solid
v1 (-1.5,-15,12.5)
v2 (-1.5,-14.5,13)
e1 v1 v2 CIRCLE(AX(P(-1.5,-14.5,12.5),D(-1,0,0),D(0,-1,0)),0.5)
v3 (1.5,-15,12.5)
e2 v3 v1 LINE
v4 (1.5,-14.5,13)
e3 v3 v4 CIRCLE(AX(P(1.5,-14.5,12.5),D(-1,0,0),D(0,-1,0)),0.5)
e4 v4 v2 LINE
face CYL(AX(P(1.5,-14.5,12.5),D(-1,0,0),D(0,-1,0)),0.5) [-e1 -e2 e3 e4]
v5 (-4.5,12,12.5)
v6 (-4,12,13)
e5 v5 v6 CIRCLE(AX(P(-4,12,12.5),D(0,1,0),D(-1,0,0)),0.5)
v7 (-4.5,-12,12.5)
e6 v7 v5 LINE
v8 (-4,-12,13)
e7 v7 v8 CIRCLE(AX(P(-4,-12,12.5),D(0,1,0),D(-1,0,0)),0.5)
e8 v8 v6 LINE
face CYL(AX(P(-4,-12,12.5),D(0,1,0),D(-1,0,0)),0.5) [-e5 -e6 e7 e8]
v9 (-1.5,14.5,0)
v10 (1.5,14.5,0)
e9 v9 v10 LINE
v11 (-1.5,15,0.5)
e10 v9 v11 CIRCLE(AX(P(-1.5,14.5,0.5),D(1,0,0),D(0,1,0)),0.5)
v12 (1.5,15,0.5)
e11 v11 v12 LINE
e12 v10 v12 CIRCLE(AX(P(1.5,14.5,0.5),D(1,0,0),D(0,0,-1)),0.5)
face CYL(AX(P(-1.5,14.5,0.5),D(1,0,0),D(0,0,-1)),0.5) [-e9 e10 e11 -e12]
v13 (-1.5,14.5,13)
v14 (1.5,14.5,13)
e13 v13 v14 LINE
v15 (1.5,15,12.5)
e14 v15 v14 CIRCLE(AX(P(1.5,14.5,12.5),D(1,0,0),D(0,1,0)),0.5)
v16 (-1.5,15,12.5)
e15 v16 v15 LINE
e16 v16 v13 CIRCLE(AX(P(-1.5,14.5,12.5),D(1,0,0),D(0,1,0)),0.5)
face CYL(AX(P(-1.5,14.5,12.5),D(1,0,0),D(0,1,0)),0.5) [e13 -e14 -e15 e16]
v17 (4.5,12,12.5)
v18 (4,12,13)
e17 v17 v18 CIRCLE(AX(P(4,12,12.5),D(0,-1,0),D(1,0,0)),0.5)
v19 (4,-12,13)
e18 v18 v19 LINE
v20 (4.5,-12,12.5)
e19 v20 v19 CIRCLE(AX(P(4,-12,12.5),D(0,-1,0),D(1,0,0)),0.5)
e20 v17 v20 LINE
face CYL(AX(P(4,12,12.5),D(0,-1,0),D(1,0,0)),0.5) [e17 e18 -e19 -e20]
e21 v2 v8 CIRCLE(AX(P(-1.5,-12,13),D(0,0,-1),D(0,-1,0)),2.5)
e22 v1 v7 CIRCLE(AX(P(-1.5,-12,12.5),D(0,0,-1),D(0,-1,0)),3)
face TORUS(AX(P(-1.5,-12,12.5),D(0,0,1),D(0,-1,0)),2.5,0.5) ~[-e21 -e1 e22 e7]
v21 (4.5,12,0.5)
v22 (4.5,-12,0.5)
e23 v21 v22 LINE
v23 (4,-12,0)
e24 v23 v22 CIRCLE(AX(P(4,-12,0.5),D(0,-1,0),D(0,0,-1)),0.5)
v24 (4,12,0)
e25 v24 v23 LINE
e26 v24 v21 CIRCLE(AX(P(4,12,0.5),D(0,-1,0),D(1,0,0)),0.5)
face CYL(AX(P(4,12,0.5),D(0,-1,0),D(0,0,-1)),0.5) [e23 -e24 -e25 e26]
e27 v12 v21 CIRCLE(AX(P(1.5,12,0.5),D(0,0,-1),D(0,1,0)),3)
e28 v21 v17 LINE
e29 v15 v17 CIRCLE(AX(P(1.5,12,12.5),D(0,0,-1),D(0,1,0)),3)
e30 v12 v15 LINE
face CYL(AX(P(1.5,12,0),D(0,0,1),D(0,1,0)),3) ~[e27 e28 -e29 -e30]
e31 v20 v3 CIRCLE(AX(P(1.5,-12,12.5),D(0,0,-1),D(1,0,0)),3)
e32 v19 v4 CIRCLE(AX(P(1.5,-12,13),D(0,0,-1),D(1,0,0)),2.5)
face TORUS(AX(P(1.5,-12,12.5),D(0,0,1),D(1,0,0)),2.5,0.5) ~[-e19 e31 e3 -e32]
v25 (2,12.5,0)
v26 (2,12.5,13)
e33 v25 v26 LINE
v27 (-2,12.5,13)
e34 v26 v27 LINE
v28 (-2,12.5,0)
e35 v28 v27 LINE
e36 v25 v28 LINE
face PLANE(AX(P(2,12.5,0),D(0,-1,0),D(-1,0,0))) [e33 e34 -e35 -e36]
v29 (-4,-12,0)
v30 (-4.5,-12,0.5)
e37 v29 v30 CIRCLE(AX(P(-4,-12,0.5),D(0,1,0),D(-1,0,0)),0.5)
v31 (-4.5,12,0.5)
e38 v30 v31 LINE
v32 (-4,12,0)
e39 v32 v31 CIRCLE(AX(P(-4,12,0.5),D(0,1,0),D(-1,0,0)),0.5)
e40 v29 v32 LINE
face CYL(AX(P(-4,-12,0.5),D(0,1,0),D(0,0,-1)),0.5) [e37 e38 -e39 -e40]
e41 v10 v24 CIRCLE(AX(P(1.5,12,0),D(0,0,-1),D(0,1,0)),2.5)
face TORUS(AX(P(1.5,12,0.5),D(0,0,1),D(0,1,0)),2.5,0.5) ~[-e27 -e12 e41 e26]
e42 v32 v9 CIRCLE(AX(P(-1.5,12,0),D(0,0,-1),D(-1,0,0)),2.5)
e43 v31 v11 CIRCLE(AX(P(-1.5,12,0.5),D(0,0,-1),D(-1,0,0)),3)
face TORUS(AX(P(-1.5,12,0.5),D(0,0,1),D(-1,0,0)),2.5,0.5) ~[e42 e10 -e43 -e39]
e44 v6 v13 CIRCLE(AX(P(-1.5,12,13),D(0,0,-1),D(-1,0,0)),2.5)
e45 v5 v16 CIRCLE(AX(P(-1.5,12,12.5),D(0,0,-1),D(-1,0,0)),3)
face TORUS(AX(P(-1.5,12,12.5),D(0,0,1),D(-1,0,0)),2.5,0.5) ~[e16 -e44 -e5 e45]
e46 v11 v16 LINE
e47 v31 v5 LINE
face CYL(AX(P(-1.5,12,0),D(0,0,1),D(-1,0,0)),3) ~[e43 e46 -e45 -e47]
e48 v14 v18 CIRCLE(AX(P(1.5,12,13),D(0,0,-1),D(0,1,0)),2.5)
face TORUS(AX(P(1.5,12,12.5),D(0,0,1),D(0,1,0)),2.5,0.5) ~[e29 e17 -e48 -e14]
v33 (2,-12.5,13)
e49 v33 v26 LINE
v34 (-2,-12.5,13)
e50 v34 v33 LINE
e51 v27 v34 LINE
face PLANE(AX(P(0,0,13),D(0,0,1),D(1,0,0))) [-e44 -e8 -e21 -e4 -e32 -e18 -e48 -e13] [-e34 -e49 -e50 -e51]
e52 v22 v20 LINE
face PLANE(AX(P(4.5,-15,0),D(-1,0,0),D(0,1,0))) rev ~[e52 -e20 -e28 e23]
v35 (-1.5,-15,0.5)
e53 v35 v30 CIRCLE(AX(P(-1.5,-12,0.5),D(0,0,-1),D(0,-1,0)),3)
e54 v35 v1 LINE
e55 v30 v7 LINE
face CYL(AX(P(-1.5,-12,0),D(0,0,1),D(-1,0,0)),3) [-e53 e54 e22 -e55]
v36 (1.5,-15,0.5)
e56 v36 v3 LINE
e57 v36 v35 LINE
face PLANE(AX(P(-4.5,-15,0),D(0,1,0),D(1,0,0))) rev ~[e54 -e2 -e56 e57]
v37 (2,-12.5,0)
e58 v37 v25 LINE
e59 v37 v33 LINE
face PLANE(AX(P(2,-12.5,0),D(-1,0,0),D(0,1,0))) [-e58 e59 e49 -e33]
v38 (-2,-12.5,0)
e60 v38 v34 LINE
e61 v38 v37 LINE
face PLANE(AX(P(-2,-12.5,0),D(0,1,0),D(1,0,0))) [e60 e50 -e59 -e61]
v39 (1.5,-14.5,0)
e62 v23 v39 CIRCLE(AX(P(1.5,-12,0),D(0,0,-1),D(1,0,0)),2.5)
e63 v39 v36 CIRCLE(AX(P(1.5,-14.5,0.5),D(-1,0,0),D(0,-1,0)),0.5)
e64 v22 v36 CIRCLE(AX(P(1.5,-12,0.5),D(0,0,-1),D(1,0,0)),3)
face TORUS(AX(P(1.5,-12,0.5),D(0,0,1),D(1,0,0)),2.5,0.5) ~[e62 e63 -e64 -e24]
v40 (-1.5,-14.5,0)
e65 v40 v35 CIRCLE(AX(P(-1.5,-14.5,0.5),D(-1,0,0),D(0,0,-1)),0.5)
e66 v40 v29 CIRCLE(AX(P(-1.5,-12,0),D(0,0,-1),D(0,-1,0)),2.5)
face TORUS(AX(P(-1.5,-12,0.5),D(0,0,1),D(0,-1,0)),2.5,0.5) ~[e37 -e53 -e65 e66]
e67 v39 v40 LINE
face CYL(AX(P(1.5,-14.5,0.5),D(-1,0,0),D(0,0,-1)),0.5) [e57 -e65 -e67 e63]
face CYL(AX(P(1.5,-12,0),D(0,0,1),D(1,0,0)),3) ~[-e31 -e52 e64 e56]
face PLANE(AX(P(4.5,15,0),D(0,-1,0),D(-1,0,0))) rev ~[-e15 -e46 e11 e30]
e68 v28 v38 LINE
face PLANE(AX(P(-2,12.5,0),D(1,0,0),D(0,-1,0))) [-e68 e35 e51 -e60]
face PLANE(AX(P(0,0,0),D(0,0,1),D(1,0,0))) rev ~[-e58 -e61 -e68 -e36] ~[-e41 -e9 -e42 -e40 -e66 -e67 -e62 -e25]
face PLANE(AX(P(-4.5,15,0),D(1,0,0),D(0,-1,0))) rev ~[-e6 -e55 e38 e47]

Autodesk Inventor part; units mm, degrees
ref_plane "YZ Plane" through (0, 0, 0) normal (1, 0, 0) x (0, 1, 0)
ref_plane "XZ Plane" through (0, 0, 0) normal (0, 1, 0) x (-1, 0, 0)
ref_plane "XY Plane" through (0, 0, 0) normal (0, 0, 1) x (1, 0, 0)
sketch "Sketch1" plane through (0, 0, 0) normal (0, 0, 1) x (1, 0, 0)
  line L0 (-2, -12.5) -> (2, -12.5)
  line L1 (2, -12.5) -> (2, 12.5)
  line L2 (2, 12.5) -> (-2, 12.5)
  line L3 (-2, 12.5) -> (-2, -12.5)
  line L4 (-2, -12.5) -> (2, 12.5) construction
  line L5 (2, -12.5) -> (-2, 12.5) construction
  line L6 (-4.5, -15) -> (4.5, -15)
  line L7 (4.5, -15) -> (4.5, 15)
  line L8 (4.5, 15) -> (-4.5, 15)
  line L9 (-4.5, 15) -> (-4.5, -15)
  line L10 (-4.5, -15) -> (4.5, 15) construction
  line L11 (4.5, -15) -> (-4.5, 15) construction
  point P0 (0, 0)
  dimension "d0" = 4
  dimension "d1" = 25
  dimension "d2" = 9
  dimension "d3" = 30
extrude "Extrusion1" add sketch "Sketch1" along normal blind 13
fillet "Fillet1" radius 3 4 edges at (-4.5, 15, 6.5) (4.5, 15, 6.5) (4.5, -15, 6.5) (-4.5, -15, 6.5)
fillet "Fillet2" radius 0.5 16 edges at (-3.6213, 14.1213, 13) (-4.5, 0, 13) (-3.6213, -14.1213, 13) (0, -15, 13) (3.6213, -14.1213, 13) (4.5, 0, 13) (3.6213, 14.1213, 13) (0, 15, 13) (-3.6213, 14.1213, 0) (-4.5, 0, 0) (-3.6213, -14.1213, 0) (0, -15, 0) (3.6213, -14.1213, 0) (4.5, 0, 0) (3.6213, 14.1213, 0) (0, 15, 0)
properties part number "copper-wire"
